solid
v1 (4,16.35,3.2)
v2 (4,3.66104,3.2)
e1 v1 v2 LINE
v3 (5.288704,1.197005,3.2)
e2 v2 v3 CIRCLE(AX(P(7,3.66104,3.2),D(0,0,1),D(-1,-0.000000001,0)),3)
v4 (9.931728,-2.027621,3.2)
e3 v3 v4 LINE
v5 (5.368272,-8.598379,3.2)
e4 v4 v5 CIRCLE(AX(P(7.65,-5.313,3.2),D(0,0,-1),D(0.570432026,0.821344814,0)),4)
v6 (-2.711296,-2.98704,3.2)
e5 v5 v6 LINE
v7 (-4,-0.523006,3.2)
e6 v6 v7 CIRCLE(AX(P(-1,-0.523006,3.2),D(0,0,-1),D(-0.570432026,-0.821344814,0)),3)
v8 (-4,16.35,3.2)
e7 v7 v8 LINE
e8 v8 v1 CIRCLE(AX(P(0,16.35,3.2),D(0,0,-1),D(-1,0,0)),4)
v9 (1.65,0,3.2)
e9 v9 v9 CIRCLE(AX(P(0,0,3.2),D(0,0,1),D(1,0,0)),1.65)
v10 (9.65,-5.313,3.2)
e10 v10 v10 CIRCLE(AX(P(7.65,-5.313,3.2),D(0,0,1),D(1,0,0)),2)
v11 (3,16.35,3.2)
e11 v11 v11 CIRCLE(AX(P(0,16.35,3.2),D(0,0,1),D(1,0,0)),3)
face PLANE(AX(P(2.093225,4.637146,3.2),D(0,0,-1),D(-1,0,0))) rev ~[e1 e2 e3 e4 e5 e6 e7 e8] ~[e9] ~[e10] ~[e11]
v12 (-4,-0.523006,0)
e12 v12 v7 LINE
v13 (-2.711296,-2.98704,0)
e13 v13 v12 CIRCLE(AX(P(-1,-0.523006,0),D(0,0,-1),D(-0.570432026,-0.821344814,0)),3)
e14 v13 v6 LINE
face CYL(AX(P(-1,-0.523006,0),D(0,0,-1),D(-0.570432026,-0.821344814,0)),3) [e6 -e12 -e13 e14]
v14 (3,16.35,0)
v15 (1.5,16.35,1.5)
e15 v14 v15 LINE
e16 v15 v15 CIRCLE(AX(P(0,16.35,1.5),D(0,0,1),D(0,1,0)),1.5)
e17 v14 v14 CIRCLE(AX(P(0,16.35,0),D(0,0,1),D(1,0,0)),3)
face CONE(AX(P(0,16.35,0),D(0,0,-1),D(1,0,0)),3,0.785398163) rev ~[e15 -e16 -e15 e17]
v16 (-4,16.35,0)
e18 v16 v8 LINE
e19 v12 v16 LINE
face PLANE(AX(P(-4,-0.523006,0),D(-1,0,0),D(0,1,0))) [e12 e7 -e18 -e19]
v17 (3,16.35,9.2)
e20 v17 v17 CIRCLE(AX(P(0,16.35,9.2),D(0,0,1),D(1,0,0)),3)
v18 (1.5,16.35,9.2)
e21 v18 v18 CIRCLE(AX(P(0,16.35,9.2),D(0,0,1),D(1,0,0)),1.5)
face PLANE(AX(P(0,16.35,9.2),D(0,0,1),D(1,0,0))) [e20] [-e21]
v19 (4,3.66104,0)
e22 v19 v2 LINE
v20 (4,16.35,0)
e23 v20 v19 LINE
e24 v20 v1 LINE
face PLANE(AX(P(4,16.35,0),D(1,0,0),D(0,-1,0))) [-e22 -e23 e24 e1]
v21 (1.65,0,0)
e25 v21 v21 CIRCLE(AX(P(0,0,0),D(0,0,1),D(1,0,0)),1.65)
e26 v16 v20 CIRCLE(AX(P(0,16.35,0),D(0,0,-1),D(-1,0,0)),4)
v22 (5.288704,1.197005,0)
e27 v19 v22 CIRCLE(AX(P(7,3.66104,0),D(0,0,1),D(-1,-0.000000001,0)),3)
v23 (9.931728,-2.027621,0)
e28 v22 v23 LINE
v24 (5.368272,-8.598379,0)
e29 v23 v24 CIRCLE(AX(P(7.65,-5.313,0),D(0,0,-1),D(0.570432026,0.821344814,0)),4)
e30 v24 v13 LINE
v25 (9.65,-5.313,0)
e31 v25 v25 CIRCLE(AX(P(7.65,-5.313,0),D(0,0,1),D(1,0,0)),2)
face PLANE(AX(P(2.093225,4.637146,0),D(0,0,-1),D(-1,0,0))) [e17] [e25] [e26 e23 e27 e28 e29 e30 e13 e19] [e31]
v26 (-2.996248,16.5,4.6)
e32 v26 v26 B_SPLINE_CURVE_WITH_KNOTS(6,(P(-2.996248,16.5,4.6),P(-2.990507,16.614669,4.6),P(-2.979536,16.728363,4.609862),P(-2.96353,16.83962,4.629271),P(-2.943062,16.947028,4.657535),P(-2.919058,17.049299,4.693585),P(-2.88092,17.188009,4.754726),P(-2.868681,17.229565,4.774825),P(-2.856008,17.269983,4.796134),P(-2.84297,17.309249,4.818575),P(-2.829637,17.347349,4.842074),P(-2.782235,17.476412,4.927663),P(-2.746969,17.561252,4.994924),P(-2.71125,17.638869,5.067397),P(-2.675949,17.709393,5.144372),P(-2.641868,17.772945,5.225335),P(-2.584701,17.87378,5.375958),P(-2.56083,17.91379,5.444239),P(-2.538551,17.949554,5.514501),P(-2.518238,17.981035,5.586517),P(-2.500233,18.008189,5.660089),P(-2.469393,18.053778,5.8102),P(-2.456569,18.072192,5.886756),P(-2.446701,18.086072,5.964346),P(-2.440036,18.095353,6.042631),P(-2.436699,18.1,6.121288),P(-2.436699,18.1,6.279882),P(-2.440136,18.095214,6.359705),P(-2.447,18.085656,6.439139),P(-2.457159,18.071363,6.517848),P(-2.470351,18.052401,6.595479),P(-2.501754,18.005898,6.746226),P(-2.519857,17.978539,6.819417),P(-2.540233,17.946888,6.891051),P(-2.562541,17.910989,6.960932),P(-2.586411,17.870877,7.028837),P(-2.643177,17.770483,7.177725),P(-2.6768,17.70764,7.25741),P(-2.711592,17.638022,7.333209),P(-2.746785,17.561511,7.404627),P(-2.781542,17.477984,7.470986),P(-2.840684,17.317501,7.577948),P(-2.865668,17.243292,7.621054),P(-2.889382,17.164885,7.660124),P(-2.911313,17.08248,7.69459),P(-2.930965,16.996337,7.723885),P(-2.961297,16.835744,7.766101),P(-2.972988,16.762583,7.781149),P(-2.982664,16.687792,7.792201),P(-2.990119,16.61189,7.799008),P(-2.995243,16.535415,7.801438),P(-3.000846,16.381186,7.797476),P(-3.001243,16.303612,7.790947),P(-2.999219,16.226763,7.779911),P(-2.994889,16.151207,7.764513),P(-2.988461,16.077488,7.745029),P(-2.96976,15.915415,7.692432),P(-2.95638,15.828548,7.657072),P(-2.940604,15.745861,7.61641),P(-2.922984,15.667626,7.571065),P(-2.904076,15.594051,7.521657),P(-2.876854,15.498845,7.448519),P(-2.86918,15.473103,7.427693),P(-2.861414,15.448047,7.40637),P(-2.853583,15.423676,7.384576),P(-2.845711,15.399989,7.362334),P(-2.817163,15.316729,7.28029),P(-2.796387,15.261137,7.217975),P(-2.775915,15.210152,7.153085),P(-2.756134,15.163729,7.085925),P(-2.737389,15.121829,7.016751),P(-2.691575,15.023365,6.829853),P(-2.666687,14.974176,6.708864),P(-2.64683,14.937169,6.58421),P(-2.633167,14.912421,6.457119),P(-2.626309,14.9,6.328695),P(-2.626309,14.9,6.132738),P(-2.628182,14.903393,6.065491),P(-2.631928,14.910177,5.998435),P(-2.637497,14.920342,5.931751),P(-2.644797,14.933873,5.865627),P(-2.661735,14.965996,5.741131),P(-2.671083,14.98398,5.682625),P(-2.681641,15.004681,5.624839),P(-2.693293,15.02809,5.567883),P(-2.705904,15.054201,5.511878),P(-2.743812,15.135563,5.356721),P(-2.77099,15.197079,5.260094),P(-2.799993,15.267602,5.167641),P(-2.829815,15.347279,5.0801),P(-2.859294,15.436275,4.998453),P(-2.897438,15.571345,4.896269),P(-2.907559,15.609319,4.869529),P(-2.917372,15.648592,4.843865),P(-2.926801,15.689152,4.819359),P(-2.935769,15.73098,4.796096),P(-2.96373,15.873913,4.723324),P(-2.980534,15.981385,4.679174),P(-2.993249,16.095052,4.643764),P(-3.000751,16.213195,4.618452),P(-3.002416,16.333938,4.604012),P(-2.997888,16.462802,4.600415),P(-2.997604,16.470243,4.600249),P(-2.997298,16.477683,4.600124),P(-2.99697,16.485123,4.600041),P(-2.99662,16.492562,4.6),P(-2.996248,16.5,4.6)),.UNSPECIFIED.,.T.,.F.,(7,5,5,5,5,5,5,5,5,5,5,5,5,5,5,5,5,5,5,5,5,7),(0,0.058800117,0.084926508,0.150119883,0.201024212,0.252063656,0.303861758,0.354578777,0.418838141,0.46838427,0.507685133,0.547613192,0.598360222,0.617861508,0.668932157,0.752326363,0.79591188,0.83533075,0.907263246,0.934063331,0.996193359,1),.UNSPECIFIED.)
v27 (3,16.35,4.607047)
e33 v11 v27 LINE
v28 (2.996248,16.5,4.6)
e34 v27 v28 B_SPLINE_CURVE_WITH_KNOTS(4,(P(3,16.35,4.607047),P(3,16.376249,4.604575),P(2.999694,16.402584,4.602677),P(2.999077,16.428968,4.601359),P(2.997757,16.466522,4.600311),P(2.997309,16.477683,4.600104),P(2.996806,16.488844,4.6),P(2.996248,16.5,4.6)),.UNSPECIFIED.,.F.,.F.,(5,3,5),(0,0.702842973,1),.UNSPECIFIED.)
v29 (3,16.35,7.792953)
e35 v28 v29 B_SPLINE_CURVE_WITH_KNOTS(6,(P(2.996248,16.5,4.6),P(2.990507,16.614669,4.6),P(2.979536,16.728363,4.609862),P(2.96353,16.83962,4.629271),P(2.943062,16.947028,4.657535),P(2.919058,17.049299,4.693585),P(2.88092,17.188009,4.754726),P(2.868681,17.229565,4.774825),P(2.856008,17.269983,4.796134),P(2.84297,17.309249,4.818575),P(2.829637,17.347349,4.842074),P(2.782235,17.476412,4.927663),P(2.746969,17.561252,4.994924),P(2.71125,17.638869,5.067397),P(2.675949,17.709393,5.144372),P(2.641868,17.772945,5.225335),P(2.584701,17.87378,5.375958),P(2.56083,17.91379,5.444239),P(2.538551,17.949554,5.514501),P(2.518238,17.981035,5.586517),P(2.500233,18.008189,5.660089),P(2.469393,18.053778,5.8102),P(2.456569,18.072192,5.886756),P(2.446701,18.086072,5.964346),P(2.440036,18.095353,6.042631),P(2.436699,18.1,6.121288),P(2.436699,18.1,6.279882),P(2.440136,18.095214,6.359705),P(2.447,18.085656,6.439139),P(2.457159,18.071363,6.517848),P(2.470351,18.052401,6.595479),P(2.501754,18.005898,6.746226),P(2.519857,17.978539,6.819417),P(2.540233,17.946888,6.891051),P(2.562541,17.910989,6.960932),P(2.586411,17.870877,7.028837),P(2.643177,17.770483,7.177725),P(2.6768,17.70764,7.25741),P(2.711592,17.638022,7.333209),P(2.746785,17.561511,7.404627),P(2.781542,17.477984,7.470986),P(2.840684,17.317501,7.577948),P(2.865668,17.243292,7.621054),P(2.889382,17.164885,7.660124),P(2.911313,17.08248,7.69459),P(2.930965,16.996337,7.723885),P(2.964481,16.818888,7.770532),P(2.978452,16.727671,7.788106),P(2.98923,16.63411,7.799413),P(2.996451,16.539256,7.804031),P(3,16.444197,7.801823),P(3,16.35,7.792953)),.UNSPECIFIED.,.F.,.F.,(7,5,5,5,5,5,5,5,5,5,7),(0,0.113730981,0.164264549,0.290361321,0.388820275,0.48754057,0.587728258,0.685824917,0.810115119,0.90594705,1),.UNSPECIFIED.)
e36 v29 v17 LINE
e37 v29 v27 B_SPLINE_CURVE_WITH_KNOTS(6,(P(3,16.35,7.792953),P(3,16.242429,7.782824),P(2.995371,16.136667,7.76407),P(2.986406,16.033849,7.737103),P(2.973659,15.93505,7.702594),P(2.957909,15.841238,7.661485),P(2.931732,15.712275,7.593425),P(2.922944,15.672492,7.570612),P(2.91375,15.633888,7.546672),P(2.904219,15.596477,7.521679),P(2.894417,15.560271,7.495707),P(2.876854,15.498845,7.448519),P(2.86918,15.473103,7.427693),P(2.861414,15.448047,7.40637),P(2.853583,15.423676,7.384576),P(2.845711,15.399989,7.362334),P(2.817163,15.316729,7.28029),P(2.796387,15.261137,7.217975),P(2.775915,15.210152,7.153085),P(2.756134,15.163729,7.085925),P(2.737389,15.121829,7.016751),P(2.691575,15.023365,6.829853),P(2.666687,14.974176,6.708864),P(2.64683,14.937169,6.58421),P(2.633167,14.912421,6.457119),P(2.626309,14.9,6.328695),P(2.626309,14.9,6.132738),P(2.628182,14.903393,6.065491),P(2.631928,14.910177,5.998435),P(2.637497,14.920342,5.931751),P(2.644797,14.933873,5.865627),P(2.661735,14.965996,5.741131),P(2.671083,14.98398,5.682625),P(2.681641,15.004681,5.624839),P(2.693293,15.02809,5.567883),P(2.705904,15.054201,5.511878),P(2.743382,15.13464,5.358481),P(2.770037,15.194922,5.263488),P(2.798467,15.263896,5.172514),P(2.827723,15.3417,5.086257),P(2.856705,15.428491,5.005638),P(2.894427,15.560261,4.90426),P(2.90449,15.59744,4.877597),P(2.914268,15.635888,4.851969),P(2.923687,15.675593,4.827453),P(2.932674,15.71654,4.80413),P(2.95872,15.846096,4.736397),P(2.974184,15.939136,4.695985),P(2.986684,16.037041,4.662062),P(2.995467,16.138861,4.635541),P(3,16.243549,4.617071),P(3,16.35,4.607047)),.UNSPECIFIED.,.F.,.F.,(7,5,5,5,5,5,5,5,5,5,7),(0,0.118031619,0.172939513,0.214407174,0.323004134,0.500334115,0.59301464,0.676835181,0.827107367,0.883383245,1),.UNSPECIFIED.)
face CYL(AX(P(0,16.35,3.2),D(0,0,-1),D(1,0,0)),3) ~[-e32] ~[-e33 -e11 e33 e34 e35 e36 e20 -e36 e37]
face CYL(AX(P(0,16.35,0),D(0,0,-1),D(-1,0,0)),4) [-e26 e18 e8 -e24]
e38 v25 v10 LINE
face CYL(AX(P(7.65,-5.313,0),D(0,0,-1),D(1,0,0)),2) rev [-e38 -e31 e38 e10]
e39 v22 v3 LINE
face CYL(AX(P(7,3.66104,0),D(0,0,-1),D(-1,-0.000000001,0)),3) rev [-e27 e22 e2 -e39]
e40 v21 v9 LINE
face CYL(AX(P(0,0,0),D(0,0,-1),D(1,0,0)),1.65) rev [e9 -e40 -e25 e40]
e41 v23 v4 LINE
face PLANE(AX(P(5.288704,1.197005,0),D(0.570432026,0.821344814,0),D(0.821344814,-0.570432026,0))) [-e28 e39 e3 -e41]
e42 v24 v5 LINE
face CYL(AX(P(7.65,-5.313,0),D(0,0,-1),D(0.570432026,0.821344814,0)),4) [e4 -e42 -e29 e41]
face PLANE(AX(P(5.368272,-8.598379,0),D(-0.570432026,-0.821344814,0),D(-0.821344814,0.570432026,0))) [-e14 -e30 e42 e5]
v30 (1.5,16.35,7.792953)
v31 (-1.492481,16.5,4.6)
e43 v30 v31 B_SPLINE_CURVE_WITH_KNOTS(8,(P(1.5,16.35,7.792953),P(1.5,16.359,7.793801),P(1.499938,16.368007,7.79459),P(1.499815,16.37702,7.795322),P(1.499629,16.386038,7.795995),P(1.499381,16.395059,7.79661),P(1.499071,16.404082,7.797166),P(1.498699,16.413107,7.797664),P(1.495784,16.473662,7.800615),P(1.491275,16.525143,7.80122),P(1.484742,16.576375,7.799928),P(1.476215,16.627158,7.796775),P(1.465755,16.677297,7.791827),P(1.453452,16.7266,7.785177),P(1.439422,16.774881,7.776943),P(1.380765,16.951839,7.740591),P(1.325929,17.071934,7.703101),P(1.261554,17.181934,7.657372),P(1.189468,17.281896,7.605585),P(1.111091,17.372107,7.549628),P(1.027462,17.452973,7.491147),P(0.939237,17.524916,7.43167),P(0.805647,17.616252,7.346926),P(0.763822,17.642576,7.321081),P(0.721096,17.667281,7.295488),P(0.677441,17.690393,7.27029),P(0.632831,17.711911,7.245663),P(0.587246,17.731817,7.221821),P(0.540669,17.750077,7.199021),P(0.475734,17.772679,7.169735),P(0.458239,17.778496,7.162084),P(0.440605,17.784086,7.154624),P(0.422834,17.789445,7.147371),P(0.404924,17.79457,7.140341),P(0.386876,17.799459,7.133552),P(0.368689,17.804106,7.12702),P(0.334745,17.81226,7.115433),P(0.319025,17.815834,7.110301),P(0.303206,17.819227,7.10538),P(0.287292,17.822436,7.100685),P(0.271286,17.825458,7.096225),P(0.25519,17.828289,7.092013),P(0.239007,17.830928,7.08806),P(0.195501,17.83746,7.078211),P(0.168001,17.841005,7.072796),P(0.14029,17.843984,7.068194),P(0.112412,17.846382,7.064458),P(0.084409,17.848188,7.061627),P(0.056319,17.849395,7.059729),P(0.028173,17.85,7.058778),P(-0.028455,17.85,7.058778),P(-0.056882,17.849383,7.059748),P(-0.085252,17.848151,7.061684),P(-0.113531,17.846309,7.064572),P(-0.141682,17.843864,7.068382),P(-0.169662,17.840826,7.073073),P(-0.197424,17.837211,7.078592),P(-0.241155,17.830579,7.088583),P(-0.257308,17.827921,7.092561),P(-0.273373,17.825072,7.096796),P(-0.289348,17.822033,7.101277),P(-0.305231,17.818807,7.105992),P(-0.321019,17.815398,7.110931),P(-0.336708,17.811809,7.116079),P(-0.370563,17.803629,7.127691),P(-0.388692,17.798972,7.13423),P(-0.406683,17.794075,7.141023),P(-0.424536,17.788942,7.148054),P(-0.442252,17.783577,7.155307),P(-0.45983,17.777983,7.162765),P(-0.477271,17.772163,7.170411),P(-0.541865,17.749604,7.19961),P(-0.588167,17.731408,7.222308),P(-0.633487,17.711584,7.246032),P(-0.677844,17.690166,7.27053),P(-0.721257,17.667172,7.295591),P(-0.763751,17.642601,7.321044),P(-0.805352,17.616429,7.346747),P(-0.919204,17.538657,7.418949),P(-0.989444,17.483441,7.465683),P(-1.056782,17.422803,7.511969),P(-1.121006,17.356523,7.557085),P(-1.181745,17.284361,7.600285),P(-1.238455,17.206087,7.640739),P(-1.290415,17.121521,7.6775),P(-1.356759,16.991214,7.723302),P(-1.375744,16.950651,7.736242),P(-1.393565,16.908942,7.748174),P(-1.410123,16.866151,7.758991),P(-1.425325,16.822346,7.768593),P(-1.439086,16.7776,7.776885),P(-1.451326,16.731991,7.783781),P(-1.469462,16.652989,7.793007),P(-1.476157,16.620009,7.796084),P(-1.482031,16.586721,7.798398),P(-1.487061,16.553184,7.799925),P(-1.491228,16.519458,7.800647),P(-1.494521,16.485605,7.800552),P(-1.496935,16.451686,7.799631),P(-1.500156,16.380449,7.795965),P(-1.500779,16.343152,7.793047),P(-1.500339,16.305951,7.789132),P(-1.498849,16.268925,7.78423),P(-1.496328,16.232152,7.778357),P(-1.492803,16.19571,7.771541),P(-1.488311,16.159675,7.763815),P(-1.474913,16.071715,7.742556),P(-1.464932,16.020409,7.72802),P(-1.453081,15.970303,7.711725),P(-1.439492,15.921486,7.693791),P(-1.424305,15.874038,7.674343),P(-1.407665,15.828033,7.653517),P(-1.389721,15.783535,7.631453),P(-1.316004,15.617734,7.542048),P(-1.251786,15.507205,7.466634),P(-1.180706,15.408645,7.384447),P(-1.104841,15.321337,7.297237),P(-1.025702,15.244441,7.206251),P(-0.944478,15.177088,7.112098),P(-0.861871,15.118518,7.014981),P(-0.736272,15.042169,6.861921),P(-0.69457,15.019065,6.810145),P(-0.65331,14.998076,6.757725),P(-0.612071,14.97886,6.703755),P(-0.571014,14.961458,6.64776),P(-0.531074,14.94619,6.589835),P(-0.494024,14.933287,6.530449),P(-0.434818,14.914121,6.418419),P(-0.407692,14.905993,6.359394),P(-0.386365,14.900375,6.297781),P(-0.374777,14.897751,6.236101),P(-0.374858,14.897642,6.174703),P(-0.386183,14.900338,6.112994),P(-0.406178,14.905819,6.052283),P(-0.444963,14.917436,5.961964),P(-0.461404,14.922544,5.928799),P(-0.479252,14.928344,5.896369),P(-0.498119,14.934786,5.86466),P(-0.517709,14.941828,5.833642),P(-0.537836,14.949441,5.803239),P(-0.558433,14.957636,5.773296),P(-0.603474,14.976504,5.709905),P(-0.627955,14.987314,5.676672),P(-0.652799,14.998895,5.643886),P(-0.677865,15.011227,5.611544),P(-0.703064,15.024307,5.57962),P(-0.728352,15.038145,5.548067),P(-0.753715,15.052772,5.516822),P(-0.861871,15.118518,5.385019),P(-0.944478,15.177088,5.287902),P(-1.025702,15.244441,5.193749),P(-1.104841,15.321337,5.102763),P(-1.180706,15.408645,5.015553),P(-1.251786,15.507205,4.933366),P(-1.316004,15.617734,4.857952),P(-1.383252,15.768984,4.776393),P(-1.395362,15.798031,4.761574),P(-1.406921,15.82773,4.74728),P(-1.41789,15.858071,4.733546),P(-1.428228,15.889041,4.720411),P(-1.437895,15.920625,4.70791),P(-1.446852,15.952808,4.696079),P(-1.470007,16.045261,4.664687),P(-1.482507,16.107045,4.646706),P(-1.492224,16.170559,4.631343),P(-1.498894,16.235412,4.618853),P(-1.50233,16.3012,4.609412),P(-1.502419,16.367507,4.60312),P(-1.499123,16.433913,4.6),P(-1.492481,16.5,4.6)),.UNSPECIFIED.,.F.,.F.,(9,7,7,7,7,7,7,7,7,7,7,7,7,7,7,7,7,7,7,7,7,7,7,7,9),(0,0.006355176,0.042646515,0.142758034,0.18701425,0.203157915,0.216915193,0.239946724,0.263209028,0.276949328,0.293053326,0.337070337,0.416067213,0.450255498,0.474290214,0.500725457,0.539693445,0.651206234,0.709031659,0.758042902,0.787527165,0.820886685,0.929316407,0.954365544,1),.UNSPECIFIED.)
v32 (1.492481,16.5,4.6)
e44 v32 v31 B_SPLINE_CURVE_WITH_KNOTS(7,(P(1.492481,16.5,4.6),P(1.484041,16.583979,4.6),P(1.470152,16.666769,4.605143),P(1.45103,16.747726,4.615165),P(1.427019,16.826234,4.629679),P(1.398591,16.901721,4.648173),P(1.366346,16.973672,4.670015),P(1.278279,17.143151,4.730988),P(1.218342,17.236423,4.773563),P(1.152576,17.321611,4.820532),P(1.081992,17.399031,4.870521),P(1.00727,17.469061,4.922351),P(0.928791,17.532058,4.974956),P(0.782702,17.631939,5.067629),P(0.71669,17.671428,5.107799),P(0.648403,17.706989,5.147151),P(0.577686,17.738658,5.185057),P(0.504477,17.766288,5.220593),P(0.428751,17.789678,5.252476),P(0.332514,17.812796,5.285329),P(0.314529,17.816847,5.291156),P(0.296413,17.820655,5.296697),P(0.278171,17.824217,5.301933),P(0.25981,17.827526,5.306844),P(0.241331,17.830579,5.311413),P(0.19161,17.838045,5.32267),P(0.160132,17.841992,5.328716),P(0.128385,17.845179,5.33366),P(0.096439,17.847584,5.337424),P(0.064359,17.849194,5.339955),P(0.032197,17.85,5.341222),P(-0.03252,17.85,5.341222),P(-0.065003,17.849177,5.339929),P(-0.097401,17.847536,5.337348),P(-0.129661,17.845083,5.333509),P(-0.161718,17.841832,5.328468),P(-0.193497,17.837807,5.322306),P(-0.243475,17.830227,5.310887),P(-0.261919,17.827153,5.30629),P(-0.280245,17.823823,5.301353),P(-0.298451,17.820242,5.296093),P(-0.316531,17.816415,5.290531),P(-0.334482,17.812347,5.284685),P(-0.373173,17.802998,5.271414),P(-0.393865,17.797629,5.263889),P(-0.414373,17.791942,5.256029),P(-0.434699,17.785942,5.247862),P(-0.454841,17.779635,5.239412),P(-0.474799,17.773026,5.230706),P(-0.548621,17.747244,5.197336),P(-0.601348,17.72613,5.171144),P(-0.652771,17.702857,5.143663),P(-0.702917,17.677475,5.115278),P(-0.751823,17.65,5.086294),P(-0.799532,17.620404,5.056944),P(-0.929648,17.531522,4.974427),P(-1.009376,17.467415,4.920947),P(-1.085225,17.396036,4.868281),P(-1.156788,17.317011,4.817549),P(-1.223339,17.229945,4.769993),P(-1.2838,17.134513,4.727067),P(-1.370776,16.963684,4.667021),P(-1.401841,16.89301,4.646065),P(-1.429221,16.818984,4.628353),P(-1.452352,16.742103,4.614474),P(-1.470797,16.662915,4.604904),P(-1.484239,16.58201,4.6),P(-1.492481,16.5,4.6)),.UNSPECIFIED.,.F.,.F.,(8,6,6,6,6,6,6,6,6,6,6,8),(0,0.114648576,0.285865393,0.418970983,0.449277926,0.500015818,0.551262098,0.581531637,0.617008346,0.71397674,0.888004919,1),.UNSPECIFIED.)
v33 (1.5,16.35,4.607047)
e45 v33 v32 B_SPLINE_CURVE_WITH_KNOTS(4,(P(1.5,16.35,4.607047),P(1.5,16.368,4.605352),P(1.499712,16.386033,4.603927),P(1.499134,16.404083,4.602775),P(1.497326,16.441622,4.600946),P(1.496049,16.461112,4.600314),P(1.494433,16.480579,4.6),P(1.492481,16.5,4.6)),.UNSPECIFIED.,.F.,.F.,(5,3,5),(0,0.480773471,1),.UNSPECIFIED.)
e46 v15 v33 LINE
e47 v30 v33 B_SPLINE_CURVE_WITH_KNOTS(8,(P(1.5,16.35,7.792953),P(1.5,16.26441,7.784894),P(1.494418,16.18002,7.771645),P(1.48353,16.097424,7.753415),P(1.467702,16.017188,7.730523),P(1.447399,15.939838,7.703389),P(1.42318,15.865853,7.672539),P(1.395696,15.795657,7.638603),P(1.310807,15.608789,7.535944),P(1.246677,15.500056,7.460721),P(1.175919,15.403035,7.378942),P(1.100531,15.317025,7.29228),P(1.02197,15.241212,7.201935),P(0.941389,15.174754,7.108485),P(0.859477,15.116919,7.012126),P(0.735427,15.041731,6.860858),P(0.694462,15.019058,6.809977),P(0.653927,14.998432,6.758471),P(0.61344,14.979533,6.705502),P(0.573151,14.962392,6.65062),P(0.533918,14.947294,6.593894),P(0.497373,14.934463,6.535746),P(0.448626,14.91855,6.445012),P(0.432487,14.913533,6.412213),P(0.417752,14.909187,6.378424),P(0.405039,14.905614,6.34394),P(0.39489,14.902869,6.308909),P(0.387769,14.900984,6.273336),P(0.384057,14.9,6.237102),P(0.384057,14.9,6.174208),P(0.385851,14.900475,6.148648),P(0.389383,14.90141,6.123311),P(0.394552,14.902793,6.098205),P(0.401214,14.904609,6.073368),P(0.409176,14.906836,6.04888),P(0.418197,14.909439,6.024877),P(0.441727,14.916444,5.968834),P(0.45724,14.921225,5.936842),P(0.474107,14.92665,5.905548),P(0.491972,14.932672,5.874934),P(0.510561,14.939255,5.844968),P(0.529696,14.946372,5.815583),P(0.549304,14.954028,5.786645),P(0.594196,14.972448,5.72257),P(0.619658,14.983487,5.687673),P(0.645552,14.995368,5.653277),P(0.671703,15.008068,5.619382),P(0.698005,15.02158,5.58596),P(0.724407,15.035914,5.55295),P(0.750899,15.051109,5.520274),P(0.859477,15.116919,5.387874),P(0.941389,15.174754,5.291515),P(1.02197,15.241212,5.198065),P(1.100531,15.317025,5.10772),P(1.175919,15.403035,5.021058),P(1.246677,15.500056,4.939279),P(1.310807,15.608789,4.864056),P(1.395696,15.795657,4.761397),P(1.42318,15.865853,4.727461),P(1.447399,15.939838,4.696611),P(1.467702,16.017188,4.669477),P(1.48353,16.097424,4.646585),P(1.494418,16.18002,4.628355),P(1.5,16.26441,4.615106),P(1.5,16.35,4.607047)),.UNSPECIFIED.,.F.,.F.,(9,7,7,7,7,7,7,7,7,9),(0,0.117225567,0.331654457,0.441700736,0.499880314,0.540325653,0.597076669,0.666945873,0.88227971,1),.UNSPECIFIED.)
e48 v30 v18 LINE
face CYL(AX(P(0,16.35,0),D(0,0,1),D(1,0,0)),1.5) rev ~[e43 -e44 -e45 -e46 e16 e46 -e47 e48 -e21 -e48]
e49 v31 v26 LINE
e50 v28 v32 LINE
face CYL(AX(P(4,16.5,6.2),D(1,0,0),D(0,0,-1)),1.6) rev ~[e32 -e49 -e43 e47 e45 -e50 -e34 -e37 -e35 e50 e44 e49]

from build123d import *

# Parameters (mm, degrees)
SKETCH1_R                                       = 2
SKETCH1_R_2                                     = 1.65
BOSS_EXTRUDE1_DEPTH                             = 3.2
SKETCH5_R                                       = 3
BOSS_EXTRUDE2_DEPTH                             = 6
CSK_FOR_M3_FLAT_HEAD_MACHINE_SCREW2_D           = 3
CSK_FOR_M3_FLAT_HEAD_MACHINE_SCREW2_CSINK_D     = 6
CSK_FOR_M3_FLAT_HEAD_MACHINE_SCREW2_CSINK_ANGLE = 90
SKETCH8_R                                       = 1.6
CUT_EXTRUDE2_DEPTH                              = 16


with BuildPart() as part:
    # Sketch1 → Boss-Extrude1 (new body)
    with BuildSketch(Plane.XY):
        with BuildLine():
            Line((-4, -0.523005645), (-4, 16.35))
            ThreePointArc((-4, 16.35), (0, 20.35), (4, 16.35))
            Line((4, 16.35), (4, 3.661039513))
            ThreePointArc((4, 3.661039513), (4.341627544, 2.270695713), (5.288703922, 1.197005071))
            Line((5.288703922, 1.197005071), (9.931728104, -2.027620743))
            ThreePointArc((9.931728104, -2.027620743), (10.935379257, -7.594728104), (5.368271896, -8.598379257))
            Line((5.368271896, -8.598379257), (-2.711296078, -2.987040087))
            ThreePointArc((-2.711296078, -2.987040087), (-3.658372456, -1.913349445), (-4, -0.523005645))
        make_face()
        with Locations((7.65, -5.313)):
            Circle(SKETCH1_R, mode=Mode.SUBTRACT)
        Circle(SKETCH1_R_2, mode=Mode.SUBTRACT)
    extrude(amount=BOSS_EXTRUDE1_DEPTH)

    # Sketch5 → Boss-Extrude2 (add)
    with BuildSketch(Plane.XY.offset(3.2)):
        with Locations((0, 16.35)):
            Circle(SKETCH5_R)
    extrude(amount=BOSS_EXTRUDE2_DEPTH)

    # CSK for M3 Flat Head Machine Screw2 (through all)
    with Locations(Plane(origin=(0, 0, 0), x_dir=(-1, 0, 0), z_dir=(0, 0, -1))):
        with Locations((0, 16.35)):
            CounterSinkHole(CSK_FOR_M3_FLAT_HEAD_MACHINE_SCREW2_D / 2, CSK_FOR_M3_FLAT_HEAD_MACHINE_SCREW2_CSINK_D / 2, counter_sink_angle=CSK_FOR_M3_FLAT_HEAD_MACHINE_SCREW2_CSINK_ANGLE)

    # Sketch8 → Cut-Extrude2 (cut)
    with BuildSketch(Plane(origin=(4, 0, 0), x_dir=(0, 0, -1), z_dir=(1, 0, 0))):
        with Locations((-6.2, 16.5)):
            Circle(SKETCH8_R)
    extrude(amount=-CUT_EXTRUDE2_DEPTH, mode=Mode.SUBTRACT)


solid = part.part
